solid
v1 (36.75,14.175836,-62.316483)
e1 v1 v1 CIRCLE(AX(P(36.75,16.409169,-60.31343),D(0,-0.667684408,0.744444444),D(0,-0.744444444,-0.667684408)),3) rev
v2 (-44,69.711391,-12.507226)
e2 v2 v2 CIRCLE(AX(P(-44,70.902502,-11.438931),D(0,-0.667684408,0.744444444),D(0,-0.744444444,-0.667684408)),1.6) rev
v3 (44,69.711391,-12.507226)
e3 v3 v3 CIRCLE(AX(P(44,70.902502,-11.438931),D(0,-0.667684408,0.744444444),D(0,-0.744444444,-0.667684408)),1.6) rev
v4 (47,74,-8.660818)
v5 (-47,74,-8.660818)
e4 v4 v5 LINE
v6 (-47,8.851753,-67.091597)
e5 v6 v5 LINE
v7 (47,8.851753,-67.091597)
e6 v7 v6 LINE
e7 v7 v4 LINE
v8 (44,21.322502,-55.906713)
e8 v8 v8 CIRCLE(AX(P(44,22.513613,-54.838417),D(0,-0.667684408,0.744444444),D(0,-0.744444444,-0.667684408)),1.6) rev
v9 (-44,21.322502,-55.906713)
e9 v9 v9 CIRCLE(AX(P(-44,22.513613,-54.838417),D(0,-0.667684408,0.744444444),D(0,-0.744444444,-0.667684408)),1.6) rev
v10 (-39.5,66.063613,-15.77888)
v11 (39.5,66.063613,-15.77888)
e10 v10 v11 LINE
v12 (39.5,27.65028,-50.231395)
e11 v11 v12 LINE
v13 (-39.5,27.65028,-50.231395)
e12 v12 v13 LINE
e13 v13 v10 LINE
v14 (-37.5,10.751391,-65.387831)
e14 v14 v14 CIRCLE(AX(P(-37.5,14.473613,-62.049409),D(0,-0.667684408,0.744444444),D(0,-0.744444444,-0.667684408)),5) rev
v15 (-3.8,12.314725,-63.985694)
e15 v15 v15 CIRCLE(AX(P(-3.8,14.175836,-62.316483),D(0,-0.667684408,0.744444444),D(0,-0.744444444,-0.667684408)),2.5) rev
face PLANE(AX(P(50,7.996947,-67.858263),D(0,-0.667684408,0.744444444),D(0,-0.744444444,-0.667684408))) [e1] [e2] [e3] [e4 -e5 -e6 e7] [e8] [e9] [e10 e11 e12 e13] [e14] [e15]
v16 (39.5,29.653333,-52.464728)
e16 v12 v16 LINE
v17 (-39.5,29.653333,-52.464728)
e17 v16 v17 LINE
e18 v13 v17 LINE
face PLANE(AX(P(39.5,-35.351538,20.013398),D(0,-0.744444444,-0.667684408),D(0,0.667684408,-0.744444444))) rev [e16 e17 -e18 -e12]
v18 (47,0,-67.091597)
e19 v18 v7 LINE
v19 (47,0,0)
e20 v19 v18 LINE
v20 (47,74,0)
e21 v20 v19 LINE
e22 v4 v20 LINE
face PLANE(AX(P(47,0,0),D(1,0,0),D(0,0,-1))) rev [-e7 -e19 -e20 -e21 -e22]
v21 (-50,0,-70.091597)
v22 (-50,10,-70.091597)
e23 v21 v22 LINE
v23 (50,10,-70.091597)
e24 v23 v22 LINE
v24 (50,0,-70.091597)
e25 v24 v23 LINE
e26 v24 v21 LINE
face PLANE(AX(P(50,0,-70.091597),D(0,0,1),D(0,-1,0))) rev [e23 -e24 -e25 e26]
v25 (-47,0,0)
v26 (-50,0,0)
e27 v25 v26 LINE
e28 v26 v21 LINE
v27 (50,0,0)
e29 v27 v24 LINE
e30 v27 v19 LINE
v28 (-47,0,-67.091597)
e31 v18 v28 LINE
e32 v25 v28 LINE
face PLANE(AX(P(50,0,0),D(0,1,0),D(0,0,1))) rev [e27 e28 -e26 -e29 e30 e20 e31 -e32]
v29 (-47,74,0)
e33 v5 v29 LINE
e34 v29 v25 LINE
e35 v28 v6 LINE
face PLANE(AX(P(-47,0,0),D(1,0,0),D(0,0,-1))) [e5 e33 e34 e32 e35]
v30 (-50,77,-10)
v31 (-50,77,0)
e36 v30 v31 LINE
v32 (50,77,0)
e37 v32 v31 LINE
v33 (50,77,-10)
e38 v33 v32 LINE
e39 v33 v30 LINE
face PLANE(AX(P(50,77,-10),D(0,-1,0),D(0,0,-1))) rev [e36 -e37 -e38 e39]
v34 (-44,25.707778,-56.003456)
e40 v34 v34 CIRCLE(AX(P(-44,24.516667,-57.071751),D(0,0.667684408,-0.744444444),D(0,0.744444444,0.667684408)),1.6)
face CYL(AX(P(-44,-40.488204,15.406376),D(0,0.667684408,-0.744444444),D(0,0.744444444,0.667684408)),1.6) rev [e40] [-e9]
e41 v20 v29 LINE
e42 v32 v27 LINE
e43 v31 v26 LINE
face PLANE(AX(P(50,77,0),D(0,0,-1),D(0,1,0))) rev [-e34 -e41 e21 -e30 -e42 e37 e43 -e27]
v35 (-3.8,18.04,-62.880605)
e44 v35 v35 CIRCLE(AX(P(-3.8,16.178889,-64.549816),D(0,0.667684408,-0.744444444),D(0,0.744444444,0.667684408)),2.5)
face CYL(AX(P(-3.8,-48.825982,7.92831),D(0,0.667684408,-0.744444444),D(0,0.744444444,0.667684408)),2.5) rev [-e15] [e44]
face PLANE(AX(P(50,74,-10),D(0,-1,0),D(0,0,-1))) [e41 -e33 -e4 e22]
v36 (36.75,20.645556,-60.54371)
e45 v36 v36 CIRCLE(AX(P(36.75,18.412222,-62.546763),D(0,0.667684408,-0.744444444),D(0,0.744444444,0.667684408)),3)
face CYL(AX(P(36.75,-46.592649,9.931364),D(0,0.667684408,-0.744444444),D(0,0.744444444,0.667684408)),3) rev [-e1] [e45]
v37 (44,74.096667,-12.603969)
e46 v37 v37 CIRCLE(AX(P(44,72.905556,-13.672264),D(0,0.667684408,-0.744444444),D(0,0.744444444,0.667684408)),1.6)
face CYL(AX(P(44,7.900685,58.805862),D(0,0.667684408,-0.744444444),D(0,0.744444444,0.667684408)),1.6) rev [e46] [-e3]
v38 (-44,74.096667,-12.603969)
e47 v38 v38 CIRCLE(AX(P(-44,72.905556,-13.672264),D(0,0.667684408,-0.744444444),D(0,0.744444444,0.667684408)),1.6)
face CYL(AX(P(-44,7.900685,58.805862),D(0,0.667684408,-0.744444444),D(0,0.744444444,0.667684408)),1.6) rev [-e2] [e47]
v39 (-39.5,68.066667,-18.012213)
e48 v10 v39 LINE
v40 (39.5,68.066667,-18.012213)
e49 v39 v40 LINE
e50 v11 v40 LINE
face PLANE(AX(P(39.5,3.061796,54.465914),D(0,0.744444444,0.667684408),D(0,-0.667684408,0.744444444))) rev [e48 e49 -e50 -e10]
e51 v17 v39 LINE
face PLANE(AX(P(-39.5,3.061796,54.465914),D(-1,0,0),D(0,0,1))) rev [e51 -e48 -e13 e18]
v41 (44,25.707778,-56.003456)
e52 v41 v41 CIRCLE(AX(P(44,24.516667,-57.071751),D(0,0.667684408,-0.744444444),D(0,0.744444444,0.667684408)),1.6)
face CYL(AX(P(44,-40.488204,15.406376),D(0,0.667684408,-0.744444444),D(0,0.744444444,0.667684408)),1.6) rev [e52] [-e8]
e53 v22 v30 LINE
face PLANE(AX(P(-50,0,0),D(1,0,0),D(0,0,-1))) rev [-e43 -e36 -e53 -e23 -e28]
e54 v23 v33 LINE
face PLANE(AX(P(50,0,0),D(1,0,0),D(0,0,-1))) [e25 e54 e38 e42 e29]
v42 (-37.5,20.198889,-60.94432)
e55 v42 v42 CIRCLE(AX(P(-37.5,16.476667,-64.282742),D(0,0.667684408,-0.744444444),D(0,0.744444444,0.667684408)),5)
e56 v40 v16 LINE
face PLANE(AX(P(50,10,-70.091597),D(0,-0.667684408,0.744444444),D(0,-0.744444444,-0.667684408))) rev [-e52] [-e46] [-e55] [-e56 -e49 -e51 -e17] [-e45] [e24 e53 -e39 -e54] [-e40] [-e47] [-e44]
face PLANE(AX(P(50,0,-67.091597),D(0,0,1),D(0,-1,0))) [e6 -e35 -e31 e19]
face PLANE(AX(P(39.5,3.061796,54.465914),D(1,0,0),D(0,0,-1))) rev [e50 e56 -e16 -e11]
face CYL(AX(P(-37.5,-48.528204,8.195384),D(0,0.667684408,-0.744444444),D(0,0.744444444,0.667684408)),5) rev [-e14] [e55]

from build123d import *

# Parameters (mm, degrees)
RESSALTO_EXTRUS_O1_DEPTH = 50
CASCA1_T                 = -3
ESBO_O4_R                = 1.6
ESBO_O4_R_2              = 5
ESBO_O4_R_3              = 3
ESBO_O4_R_4              = 2.5
ESBO_O4_W                = 79
ESBO_O4_H                = 51.6
CORTE_EXTRUS_O1_DEPTH    = 3


with BuildPart() as part:
    # Esboço2 → Ressalto-extrusão1 (new, symmetric)
    with BuildSketch(Plane(origin=(0, 0, 0), x_dir=(0, 0, -1), z_dir=(1, 0, 0))):
        Polygon((0, 0), (70.09159675, 0), (70.09159675, 10), (10, 77), (0, 77), align=None)
    extrude(amount=RESSALTO_EXTRUS_O1_DEPTH, both=True)

    # Casca1
    casca1_openings = [part.faces().sort_by_distance(p)[0] for p in [
        (0, 0, -35.045798375),
        (0, 38.5, 0),
    ]]
    offset(amount=CASCA1_T, openings=casca1_openings, kind=Kind.INTERSECTION)

    # Esboço4 → Corte-extrusão1 (cut)
    with BuildSketch(Plane(origin=(0, 39.297329608, -43.815129338), x_dir=(1, 0, 0), z_dir=(0, 0.6676844083366051, -0.7444444444444445))):
        with Locations(Location((-44, 19.854621861, 0), (0, 0, 270))):
            Circle(ESBO_O4_R)
        with Locations(Location((-44, -45.145378139, 0), (0, 0, 270))):
            Circle(ESBO_O4_R)
        with Locations(Location((44, -45.145378139, 0), (0, 0, 270))):
            Circle(ESBO_O4_R)
        with Locations(Location((44, 19.854621861, 0), (0, 0, 270))):
            Circle(ESBO_O4_R)
        with Locations(Location((-37.5, 30.654621861, 0), (0, 0, 270))):
            Circle(ESBO_O4_R_2)
        with Locations(Location((36.75, 28.054621861, 0), (0, 0, 270))):
            Circle(ESBO_O4_R_3)
        with Locations(Location((-3.8, 31.054621861, 0), (0, 0, 270))):
            Circle(ESBO_O4_R_4)
        with Locations((0, -12.845378139)):
            Rectangle(ESBO_O4_W, ESBO_O4_H)
    extrude(amount=-CORTE_EXTRUS_O1_DEPTH, mode=Mode.SUBTRACT)


solid = part.part
